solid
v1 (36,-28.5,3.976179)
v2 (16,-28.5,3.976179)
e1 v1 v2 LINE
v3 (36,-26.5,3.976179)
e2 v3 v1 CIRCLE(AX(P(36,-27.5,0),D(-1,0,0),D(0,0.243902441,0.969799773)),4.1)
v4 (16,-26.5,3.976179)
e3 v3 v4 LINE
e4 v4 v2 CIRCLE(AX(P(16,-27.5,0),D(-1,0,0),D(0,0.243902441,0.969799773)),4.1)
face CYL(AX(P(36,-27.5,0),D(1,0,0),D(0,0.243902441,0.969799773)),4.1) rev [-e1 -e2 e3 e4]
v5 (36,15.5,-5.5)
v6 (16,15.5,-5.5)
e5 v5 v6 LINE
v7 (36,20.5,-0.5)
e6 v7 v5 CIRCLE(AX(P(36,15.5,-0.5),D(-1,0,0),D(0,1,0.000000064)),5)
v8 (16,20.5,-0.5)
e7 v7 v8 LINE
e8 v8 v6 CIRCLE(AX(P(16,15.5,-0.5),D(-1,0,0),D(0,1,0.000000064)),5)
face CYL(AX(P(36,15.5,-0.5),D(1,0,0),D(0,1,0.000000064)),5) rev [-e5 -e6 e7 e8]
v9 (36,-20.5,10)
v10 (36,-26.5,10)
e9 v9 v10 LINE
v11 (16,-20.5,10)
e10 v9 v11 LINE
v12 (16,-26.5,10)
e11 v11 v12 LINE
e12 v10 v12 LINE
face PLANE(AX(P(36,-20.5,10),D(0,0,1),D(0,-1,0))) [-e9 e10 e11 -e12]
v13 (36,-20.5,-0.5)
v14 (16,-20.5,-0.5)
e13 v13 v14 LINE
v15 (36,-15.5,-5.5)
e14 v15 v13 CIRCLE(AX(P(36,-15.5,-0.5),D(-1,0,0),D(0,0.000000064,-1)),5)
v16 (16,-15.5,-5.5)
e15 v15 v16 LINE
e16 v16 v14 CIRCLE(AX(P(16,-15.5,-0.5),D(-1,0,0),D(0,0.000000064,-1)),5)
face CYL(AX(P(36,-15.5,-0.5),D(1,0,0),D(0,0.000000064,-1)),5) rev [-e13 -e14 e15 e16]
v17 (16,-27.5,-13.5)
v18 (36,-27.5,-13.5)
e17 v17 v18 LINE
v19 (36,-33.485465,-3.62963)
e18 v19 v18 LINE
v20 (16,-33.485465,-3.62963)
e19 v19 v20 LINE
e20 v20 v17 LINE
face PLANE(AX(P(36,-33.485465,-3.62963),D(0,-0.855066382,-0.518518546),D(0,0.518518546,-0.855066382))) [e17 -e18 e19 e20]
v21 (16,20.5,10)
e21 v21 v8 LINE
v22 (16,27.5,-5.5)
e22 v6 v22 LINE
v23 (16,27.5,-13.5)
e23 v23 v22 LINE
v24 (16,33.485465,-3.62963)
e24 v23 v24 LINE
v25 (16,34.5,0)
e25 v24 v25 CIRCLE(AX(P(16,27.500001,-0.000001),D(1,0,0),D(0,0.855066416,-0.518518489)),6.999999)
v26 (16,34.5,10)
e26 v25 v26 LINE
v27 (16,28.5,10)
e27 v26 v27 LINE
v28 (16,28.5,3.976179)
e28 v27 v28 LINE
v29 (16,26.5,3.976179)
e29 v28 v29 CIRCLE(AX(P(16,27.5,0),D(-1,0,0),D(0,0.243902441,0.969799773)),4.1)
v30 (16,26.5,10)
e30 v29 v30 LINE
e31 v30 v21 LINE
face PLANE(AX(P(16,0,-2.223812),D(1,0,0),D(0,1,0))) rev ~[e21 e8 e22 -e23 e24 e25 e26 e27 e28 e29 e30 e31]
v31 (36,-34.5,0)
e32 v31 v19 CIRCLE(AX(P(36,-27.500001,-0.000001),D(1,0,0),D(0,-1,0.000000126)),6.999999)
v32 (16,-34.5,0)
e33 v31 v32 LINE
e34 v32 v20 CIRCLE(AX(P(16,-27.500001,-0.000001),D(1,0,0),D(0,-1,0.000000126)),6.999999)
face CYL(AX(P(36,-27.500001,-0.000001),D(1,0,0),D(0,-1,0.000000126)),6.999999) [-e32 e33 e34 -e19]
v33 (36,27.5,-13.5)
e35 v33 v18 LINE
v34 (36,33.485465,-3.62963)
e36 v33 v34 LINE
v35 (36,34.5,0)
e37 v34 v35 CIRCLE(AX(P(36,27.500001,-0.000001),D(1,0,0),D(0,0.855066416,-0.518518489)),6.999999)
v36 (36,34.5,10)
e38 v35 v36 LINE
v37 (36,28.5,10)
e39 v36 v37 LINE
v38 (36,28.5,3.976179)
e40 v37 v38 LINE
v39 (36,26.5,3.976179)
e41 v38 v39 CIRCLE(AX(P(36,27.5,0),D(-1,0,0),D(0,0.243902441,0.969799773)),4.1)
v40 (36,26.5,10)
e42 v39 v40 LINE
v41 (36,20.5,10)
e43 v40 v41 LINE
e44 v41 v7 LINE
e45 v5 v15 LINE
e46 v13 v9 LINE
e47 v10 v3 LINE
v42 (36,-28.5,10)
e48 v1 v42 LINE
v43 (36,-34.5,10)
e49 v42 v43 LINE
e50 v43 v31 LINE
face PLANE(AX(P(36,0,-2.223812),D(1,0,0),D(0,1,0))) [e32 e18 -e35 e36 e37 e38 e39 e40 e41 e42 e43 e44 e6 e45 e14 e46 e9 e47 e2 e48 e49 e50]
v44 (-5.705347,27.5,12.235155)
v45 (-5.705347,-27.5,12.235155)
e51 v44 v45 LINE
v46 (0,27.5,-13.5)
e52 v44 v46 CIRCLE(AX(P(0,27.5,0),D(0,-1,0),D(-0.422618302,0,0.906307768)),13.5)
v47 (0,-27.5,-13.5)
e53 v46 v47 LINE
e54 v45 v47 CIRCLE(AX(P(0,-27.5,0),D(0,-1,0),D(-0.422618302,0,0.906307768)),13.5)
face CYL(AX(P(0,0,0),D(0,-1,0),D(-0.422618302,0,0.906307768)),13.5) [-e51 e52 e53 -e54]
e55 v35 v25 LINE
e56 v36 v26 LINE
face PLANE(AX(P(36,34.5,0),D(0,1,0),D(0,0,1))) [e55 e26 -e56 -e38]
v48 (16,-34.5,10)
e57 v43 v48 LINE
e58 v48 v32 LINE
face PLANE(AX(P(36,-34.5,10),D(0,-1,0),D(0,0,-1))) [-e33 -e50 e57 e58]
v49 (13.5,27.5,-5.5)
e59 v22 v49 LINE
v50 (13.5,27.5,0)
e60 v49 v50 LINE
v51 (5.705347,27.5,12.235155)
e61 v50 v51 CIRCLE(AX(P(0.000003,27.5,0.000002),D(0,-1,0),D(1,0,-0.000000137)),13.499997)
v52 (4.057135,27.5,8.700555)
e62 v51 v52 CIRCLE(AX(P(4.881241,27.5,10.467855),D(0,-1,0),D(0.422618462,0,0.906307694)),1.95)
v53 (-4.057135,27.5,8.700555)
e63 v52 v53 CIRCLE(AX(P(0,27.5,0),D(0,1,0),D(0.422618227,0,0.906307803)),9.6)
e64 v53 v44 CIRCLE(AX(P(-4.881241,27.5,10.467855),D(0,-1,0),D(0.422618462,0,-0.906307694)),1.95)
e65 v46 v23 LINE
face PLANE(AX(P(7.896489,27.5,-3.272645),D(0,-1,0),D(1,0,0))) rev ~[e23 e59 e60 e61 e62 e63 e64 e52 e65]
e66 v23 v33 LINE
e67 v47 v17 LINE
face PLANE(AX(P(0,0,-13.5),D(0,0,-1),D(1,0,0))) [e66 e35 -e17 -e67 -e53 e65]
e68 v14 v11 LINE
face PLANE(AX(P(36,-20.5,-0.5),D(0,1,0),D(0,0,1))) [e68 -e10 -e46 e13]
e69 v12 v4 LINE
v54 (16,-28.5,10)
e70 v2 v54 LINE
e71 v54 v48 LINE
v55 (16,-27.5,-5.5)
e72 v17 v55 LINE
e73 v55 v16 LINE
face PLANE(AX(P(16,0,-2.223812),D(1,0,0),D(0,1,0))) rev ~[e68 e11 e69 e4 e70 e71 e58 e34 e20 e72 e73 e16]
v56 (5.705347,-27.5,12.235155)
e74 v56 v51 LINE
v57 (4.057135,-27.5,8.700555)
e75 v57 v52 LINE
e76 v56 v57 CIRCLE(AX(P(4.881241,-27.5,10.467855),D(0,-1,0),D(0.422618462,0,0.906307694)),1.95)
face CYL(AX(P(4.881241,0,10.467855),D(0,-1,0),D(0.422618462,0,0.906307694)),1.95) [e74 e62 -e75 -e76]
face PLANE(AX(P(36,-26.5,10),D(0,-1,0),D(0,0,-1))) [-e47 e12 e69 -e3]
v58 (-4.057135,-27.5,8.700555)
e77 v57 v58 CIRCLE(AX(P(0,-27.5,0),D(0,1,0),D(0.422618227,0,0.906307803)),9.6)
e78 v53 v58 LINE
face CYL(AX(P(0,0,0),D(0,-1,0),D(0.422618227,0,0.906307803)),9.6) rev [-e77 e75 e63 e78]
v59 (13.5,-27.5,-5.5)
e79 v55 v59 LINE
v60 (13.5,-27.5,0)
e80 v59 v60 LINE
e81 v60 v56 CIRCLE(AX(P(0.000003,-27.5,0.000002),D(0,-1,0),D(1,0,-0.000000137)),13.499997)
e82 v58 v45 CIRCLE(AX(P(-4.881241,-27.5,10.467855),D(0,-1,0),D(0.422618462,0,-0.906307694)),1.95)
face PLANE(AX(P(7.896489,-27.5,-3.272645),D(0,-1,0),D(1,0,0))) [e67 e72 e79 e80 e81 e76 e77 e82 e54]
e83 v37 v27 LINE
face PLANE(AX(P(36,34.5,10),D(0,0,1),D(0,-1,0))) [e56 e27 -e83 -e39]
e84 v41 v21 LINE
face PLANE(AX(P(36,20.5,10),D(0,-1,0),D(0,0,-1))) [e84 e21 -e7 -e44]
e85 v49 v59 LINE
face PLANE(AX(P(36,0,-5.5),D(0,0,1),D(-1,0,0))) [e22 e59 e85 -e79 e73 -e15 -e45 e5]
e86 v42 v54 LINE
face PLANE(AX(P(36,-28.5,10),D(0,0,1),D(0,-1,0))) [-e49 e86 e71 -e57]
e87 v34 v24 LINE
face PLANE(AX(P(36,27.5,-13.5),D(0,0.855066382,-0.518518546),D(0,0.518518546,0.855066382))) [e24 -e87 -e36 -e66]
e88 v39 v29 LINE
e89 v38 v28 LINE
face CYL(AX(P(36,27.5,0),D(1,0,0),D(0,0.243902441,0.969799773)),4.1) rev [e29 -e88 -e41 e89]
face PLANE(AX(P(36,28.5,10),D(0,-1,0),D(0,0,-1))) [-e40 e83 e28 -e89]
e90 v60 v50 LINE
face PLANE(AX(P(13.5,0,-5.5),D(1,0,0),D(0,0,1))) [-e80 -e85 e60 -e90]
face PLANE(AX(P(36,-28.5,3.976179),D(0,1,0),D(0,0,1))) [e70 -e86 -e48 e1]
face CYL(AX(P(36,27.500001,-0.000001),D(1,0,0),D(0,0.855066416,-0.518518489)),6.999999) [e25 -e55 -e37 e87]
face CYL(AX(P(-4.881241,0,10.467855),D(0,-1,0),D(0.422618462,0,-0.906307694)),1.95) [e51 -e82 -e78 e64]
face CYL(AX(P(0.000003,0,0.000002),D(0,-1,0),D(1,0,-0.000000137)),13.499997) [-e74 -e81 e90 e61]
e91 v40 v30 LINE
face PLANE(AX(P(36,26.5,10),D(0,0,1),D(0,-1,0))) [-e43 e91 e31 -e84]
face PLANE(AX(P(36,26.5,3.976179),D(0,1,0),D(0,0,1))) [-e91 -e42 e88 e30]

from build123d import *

# Parameters (mm, degrees)
F1_DEPTH = 27.5
F3_DEPTH = 20


with BuildPart() as f1:
    # F0 (on Front) → F1 (new body, symmetric)
    with BuildSketch(Plane.XZ):
        with BuildLine():
            ThreePointArc((4.057135, 8.700555), (0, -9.6), (-4.057135, 8.700555))
            ThreePointArc((-4.057135, 8.700555), (-3.113941, 11.291961), (-5.705347, 12.235155))
            ThreePointArc((-5.705347, 12.235155), (-13.179996, -2.921935), (0, -13.5))
            Line((0, -13.5), (36, -13.5))
            Line((36, -13.5), (36, -5.5))
            Line((36, -5.5), (13.5, -5.5))
            Line((13.5, -5.5), (13.5, 0))
            ThreePointArc((13.5, 0), (11.385785, 7.253545), (5.705347, 12.235155))
            ThreePointArc((5.705347, 12.235155), (3.113941, 11.291961), (4.057135, 8.700555))
        make_face()
    extrude(amount=F1_DEPTH, both=True)

    # F2 (on face) → F3 (join)
    with BuildSketch(Plane.YZ.offset(36)):
        with BuildLine():
            ThreePointArc((-26.5, 3.976179), (-27.5, -4.1), (-28.5, 3.976179))
            Line((-28.5, 3.976179), (-28.5, 10))
            Line((-28.5, 10), (-34.5, 10))
            Line((-34.5, 10), (-34.5, 0))
            ThreePointArc((-34.5, 0), (-34.241597, -1.884376), (-33.485465, -3.62963))
            Line((-33.485465, -3.62963), (-27.5, -13.5))
            Line((-27.5, -13.5), (0, -13.5))
            Line((0, -13.5), (27.5, -13.5))
            Line((27.5, -13.5), (33.485465, -3.62963))
            ThreePointArc((33.485465, -3.62963), (34.241597, -1.884376), (34.5, 0))
            Line((34.5, 0), (34.5, 10))
            Line((34.5, 10), (28.5, 10))
            Line((28.5, 10), (28.5, 3.976179))
            ThreePointArc((28.5, 3.976179), (27.5, -4.1), (26.5, 3.976179))
            Line((26.5, 3.976179), (26.5, 10))
            Line((26.5, 10), (20.5, 10))
            Line((20.5, 10), (20.5, 0))
            Line((20.5, 0), (20.5, -0.5))
            ThreePointArc((20.5, -0.5), (19.035534, -4.035534), (15.5, -5.5))
            Line((15.5, -5.5), (0, -5.5))
            Line((0, -5.5), (-15.5, -5.5))
            ThreePointArc((-15.5, -5.5), (-19.035534, -4.035534), (-20.5, -0.5))
            Line((-20.5, -0.5), (-20.5, 0))
            Line((-20.5, 0), (-20.5, 10))
            Line((-20.5, 10), (-26.5, 10))
            Line((-26.5, 10), (-26.5, 3.976179))
        make_face()
    extrude(amount=-F3_DEPTH)


solid = f1.part
